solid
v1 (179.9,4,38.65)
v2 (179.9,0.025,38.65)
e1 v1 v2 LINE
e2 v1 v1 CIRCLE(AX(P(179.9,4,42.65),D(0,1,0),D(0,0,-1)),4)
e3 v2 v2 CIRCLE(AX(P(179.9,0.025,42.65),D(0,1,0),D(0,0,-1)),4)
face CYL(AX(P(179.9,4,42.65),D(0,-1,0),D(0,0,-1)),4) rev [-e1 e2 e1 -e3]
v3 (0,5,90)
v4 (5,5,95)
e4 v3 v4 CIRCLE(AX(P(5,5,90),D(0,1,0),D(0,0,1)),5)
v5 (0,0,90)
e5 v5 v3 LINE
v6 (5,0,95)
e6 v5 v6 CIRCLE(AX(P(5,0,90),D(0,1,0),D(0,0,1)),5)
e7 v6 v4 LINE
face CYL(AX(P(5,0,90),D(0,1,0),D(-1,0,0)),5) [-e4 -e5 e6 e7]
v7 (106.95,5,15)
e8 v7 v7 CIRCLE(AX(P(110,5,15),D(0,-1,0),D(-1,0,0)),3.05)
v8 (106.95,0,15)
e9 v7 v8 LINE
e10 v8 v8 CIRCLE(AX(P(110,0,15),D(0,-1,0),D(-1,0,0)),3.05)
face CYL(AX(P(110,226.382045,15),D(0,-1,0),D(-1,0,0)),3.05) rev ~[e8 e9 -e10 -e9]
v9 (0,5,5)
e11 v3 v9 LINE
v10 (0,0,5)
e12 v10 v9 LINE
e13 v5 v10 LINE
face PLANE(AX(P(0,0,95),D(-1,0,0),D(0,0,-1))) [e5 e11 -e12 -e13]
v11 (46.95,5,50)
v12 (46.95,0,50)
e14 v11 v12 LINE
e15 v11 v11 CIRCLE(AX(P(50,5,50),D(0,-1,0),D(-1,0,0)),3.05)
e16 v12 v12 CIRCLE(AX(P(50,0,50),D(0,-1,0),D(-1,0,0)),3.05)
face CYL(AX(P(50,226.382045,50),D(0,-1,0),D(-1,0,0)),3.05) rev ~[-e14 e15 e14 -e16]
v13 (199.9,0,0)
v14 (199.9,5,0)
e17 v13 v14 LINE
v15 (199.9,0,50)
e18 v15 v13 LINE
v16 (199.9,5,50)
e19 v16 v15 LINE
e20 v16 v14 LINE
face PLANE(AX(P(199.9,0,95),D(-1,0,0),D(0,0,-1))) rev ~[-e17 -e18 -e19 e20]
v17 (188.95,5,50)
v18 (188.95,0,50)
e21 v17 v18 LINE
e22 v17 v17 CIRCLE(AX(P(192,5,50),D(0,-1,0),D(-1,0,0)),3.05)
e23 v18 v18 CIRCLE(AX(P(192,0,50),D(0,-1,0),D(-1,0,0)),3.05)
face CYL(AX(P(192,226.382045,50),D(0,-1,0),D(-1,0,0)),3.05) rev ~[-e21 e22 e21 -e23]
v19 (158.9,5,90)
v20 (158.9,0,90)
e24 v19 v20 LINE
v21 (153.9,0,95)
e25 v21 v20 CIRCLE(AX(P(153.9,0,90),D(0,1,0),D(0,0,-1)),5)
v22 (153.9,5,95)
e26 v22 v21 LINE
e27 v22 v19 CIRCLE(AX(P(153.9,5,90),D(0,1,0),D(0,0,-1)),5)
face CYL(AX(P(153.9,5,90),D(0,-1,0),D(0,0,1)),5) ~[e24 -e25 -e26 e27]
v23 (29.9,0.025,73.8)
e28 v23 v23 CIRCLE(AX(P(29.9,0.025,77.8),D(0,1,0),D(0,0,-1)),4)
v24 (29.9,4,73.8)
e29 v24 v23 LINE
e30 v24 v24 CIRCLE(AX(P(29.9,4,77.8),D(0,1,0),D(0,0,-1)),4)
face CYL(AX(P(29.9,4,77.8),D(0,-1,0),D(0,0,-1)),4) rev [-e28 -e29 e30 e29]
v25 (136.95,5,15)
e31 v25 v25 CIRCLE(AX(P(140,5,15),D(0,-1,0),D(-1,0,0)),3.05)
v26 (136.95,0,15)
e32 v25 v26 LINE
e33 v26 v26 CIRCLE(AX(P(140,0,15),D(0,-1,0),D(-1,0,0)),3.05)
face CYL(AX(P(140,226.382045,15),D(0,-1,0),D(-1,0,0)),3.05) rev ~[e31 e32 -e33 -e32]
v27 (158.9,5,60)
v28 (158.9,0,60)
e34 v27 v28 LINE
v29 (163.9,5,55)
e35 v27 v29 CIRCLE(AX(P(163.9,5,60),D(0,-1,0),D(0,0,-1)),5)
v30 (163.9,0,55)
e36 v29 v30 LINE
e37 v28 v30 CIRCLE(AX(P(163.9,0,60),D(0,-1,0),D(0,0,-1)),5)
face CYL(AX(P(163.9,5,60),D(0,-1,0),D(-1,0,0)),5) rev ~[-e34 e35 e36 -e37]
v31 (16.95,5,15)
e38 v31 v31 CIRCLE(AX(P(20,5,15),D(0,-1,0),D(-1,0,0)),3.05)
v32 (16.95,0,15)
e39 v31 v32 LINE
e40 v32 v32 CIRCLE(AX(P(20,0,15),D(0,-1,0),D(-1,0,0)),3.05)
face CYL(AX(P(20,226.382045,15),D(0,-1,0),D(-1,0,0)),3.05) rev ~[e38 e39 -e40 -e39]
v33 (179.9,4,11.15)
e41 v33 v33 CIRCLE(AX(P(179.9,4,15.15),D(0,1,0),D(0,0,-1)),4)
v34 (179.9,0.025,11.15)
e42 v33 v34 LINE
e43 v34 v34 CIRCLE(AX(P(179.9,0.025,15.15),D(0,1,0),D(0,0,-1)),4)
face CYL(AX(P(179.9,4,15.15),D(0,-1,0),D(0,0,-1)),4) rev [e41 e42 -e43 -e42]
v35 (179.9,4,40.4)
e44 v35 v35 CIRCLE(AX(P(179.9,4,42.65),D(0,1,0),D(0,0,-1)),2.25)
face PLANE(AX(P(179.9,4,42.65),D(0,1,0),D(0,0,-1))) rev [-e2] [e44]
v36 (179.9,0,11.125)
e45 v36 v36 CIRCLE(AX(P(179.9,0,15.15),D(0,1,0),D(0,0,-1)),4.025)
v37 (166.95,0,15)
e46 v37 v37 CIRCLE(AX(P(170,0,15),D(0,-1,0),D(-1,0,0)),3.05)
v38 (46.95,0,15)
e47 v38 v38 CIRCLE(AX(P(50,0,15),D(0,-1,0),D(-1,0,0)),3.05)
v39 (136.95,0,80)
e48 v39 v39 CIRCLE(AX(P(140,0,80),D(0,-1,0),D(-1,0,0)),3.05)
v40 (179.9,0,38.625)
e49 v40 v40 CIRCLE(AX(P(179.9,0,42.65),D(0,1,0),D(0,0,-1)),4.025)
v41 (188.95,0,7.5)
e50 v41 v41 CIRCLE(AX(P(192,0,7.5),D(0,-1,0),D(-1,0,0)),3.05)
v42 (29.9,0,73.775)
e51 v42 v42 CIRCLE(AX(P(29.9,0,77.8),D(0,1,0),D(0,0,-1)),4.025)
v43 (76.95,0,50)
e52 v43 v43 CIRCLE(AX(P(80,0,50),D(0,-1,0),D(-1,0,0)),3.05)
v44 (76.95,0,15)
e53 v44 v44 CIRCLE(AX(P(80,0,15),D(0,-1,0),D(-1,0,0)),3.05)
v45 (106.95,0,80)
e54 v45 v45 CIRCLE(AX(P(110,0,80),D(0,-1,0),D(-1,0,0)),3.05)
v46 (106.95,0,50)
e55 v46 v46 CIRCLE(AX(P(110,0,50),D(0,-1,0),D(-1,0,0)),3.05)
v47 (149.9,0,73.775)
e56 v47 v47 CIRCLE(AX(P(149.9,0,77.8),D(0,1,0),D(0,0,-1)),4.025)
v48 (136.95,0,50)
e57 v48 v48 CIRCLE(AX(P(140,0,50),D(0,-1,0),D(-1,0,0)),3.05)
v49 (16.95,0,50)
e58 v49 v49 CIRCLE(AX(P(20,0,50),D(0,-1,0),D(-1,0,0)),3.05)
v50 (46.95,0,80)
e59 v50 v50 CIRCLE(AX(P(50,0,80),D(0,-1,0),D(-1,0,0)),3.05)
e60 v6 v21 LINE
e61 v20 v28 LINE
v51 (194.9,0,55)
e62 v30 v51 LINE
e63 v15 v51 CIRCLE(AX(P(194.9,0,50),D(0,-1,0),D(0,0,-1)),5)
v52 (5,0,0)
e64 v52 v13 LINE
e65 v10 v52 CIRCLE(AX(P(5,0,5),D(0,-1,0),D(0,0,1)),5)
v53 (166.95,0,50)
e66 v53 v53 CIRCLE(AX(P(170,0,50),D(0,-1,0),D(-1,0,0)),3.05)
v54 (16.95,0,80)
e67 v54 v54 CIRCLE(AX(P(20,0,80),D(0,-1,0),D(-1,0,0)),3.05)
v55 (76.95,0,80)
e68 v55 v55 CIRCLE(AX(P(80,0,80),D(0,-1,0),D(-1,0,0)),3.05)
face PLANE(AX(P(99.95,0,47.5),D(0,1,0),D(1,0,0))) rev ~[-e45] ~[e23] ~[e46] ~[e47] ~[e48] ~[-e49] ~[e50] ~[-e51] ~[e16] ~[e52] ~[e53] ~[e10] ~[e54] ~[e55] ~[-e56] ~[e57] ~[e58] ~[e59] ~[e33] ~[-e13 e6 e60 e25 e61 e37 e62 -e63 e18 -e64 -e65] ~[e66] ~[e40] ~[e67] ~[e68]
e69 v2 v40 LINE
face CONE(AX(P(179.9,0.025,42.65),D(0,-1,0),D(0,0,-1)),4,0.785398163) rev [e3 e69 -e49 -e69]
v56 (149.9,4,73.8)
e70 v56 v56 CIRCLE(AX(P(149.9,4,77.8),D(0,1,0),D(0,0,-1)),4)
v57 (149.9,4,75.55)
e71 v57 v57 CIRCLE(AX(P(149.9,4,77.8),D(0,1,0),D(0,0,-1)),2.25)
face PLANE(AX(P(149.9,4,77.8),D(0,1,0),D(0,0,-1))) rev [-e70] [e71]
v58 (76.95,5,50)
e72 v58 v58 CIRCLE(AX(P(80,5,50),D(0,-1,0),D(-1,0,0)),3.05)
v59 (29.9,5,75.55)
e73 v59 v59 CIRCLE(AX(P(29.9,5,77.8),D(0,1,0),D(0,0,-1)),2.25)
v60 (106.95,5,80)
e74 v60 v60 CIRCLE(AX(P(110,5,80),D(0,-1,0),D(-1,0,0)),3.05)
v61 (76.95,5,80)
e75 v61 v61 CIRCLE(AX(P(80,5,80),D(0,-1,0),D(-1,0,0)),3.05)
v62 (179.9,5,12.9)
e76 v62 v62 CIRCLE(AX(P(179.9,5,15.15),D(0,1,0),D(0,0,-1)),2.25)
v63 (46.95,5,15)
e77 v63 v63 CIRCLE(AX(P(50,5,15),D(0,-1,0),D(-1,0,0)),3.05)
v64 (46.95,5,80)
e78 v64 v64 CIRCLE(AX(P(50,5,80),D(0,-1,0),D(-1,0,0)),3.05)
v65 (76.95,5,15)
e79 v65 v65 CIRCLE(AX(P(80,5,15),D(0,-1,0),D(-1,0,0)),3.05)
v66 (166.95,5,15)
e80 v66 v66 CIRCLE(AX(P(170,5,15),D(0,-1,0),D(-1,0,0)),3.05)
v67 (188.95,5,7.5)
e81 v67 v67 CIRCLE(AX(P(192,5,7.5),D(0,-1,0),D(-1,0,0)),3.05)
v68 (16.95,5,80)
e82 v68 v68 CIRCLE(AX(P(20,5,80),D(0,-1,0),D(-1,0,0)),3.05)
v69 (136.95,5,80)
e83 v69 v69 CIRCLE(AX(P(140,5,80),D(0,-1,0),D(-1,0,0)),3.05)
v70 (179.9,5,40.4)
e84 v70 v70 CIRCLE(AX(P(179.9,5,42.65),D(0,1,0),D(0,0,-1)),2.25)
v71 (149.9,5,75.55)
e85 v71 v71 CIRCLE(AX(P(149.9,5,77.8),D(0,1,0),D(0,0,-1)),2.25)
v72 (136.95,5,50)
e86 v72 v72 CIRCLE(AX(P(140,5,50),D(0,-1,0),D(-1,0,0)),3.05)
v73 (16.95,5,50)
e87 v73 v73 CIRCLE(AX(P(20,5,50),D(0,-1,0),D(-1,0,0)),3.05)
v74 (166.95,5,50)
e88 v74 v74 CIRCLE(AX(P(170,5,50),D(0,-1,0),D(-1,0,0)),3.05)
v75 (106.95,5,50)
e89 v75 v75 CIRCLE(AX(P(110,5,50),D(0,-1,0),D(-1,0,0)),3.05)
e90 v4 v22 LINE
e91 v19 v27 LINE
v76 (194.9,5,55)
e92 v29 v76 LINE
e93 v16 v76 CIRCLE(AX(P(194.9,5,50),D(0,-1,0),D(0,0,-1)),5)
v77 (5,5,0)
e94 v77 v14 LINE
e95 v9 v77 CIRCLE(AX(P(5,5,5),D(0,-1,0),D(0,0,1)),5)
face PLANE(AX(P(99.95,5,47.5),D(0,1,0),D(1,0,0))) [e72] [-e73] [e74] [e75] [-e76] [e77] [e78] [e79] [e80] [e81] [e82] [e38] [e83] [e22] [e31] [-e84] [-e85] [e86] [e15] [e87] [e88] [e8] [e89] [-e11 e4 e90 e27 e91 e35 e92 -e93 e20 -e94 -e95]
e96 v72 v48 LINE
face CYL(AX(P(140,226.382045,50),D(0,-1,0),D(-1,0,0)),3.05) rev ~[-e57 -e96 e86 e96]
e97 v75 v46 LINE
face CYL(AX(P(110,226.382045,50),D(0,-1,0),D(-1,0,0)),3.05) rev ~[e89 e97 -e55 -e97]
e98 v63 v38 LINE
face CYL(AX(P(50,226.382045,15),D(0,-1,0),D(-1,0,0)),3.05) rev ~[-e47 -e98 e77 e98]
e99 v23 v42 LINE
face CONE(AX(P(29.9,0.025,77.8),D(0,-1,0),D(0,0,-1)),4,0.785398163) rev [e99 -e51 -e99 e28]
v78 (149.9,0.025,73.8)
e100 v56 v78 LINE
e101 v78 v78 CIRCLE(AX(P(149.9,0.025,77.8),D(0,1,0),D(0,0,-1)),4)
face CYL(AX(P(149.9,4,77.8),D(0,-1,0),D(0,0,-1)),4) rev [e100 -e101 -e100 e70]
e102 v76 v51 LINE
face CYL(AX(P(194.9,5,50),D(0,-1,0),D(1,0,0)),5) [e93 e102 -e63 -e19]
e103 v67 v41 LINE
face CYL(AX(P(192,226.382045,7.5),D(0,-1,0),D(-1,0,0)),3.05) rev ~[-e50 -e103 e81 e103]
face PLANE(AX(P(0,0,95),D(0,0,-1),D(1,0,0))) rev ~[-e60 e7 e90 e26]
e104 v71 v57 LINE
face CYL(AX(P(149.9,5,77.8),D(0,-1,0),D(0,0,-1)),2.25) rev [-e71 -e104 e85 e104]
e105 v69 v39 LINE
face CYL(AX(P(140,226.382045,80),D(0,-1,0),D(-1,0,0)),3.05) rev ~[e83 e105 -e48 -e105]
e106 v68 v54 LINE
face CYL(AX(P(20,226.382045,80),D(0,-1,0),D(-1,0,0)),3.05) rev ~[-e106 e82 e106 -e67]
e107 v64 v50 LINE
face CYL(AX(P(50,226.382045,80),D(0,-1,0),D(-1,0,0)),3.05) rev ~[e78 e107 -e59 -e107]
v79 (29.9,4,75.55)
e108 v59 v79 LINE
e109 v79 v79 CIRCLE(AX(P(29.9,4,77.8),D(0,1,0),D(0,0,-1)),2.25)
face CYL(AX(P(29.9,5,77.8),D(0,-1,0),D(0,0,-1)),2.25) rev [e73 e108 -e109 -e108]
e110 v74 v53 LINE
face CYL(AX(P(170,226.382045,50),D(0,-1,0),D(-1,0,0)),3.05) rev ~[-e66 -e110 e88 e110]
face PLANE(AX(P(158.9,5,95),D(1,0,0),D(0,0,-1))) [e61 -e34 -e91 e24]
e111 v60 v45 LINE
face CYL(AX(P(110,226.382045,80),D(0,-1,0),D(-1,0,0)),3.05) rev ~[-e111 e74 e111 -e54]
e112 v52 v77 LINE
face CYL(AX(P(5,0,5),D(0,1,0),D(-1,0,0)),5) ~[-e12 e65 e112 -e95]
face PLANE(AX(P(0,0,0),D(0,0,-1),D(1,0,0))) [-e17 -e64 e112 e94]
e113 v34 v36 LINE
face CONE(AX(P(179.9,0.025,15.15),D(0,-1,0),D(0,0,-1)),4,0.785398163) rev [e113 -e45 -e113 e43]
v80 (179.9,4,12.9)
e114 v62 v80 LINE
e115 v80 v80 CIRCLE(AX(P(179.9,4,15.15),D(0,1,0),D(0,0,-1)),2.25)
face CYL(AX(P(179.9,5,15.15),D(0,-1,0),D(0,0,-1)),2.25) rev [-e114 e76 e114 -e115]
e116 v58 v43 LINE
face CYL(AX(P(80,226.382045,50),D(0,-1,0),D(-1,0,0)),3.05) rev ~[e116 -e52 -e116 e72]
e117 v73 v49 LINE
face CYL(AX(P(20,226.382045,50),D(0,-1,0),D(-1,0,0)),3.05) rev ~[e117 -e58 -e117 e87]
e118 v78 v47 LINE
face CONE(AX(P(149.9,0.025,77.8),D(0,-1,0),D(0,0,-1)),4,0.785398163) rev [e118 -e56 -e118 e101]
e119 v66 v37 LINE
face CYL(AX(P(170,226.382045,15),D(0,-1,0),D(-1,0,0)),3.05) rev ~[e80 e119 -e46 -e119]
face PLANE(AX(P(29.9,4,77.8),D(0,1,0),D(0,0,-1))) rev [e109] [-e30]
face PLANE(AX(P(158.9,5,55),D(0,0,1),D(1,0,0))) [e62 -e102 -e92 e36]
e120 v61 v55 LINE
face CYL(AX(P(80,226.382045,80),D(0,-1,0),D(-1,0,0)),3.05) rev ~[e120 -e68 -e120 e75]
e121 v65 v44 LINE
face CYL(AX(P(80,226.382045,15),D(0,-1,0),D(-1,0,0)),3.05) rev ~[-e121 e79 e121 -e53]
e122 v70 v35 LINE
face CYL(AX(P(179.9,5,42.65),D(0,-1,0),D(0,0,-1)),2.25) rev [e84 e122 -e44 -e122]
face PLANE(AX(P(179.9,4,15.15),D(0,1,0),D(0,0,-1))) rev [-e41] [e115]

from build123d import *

# Parameters (mm, degrees)
SKETCH1_W                     = 199.9
SKETCH1_H                     = 95
BOSS_EXTRUDE1_DEPTH           = 5
CBORE_FOR_M4_SHCS1_AT_2_COUNT = 2
CBORE_FOR_M4_SHCS1_AT_2_PITCH = 69.462381906
CBORE_FOR_M4_SHCS1_AT_3_COUNT = 2
CBORE_FOR_M4_SHCS1_AT_3_PITCH = 162.557751276
CBORE_FOR_M4_SHCS1_AT_4_COUNT = 2
CBORE_FOR_M4_SHCS1_AT_4_PITCH = 27.5
F_6_1_6_1_DIAMETER_HOLE2_D    = 6.1
LPATTERN1_COUNT               = 2
LPATTERN1_PITCH               = 35
SKETCH6_W                     = 41
SKETCH6_H                     = 40
CUT_EXTRUDE1_DEPTH            = 6
LPATTERN2_COUNT               = 2
LPATTERN2_PITCH               = 65
FILLET1_R                     = 5
F_6_1_6_1_DIAMETER_HOLE1_D    = 6.1


with BuildPart() as part:
    # Sketch1 → Boss-Extrude1 (new body)
    with BuildSketch(Plane(origin=(0, 0, 0), x_dir=(1, 0, 0), z_dir=(0, 1, 0))):
        with Locations((99.95, -47.5)):
            Rectangle(SKETCH1_W, SKETCH1_H)
    extrude(amount=BOSS_EXTRUDE1_DEPTH)

    # Sketch3 → CBORE for M4 SHCS1 (revolve, cut)
    with BuildSketch(Plane(origin=(179.9, 0, 15.15), x_dir=(0, 0, -1), z_dir=(1, 0, 0))):
        Polygon((0, 0), (0, 5), (2.25, 5), (2.25, 4), (4, 4), (4, 0.025), (4.025, 0), align=None)
    cbore_for_m4_shcs1 = revolve(axis=Axis((179.9, -6.35, 15.15), (0, 1, 0)), mode=Mode.SUBTRACT)

    # CBORE for M4 SHCS1 at 2: CBORE for M4 SHCS1 ×2
    with Locations(*[Vector(-0.431888443, 0, 0.901927033) * (i * CBORE_FOR_M4_SHCS1_AT_2_PITCH) for i in range(1, CBORE_FOR_M4_SHCS1_AT_2_COUNT)]):
        add(cbore_for_m4_shcs1, mode=Mode.SUBTRACT)

    # CBORE for M4 SHCS1 at 3: CBORE for M4 SHCS1 ×2
    with Locations(*[Vector(-0.922748985, 0, 0.385401493) * (i * CBORE_FOR_M4_SHCS1_AT_3_PITCH) for i in range(1, CBORE_FOR_M4_SHCS1_AT_3_COUNT)]):
        add(cbore_for_m4_shcs1, mode=Mode.SUBTRACT)

    # CBORE for M4 SHCS1 at 4: CBORE for M4 SHCS1 ×2
    with Locations(*[(0, 0, i * CBORE_FOR_M4_SHCS1_AT_4_PITCH) for i in range(1, CBORE_FOR_M4_SHCS1_AT_4_COUNT)]):
        add(cbore_for_m4_shcs1, mode=Mode.SUBTRACT)

    # Ø6.1 (6.1) Diameter Hole2 (through all)
    with Locations(Plane(origin=(0, 5, 0), x_dir=(1, 0, 0), z_dir=(0, 1, 0))):
        with Locations((170, -15), (20, -15), (50, -15), (80, -15), (110, -15), (140, -15)):
            f_6_1_6_1_diameter_hole2 = Hole(F_6_1_6_1_DIAMETER_HOLE2_D / 2)

    # LPattern1: Ø6.1 (6.1) Diameter Hole2 ×2
    with Locations(*[(0, 0, i * LPATTERN1_PITCH) for i in range(1, LPATTERN1_COUNT)]):
        add(f_6_1_6_1_diameter_hole2, mode=Mode.SUBTRACT)

    # Sketch6 → Cut-Extrude1 (cut, through all)
    with BuildSketch(Plane(origin=(0, 5, 0), x_dir=(1, 0, 0), z_dir=(0, 1, 0))):
        with Locations((179.4, -75)):
            Rectangle(SKETCH6_W, SKETCH6_H)
    extrude(amount=-CUT_EXTRUDE1_DEPTH, mode=Mode.SUBTRACT)

    # LPattern2: Ø6.1 (6.1) Diameter Hole2 ×2
    with Locations(*[(0, 0, i * LPATTERN2_PITCH) for i in range(1, LPATTERN2_COUNT)]):
        add(f_6_1_6_1_diameter_hole2, mode=Mode.SUBTRACT)

    # Fillet1
    fillet1_edges = [part.edges().sort_by_distance(p)[0] for p in [
        (199.9, 2.5, 55),
        (158.9, 2.5, 95),
        (158.9, 2.5, 55),
        (0, 2.5, 0),
        (0, 2.5, 95),
    ]]
    fillet(fillet1_edges, radius=FILLET1_R)

    # Ø6.1 (6.1) Diameter Hole1 (through all)
    with Locations(Plane(origin=(0, 5, 0), x_dir=(1, 0, 0), z_dir=(0, 1, 0))):
        with Locations((192, -50), (192, -7.5)):
            Hole(F_6_1_6_1_DIAMETER_HOLE1_D / 2)


solid = part.part
